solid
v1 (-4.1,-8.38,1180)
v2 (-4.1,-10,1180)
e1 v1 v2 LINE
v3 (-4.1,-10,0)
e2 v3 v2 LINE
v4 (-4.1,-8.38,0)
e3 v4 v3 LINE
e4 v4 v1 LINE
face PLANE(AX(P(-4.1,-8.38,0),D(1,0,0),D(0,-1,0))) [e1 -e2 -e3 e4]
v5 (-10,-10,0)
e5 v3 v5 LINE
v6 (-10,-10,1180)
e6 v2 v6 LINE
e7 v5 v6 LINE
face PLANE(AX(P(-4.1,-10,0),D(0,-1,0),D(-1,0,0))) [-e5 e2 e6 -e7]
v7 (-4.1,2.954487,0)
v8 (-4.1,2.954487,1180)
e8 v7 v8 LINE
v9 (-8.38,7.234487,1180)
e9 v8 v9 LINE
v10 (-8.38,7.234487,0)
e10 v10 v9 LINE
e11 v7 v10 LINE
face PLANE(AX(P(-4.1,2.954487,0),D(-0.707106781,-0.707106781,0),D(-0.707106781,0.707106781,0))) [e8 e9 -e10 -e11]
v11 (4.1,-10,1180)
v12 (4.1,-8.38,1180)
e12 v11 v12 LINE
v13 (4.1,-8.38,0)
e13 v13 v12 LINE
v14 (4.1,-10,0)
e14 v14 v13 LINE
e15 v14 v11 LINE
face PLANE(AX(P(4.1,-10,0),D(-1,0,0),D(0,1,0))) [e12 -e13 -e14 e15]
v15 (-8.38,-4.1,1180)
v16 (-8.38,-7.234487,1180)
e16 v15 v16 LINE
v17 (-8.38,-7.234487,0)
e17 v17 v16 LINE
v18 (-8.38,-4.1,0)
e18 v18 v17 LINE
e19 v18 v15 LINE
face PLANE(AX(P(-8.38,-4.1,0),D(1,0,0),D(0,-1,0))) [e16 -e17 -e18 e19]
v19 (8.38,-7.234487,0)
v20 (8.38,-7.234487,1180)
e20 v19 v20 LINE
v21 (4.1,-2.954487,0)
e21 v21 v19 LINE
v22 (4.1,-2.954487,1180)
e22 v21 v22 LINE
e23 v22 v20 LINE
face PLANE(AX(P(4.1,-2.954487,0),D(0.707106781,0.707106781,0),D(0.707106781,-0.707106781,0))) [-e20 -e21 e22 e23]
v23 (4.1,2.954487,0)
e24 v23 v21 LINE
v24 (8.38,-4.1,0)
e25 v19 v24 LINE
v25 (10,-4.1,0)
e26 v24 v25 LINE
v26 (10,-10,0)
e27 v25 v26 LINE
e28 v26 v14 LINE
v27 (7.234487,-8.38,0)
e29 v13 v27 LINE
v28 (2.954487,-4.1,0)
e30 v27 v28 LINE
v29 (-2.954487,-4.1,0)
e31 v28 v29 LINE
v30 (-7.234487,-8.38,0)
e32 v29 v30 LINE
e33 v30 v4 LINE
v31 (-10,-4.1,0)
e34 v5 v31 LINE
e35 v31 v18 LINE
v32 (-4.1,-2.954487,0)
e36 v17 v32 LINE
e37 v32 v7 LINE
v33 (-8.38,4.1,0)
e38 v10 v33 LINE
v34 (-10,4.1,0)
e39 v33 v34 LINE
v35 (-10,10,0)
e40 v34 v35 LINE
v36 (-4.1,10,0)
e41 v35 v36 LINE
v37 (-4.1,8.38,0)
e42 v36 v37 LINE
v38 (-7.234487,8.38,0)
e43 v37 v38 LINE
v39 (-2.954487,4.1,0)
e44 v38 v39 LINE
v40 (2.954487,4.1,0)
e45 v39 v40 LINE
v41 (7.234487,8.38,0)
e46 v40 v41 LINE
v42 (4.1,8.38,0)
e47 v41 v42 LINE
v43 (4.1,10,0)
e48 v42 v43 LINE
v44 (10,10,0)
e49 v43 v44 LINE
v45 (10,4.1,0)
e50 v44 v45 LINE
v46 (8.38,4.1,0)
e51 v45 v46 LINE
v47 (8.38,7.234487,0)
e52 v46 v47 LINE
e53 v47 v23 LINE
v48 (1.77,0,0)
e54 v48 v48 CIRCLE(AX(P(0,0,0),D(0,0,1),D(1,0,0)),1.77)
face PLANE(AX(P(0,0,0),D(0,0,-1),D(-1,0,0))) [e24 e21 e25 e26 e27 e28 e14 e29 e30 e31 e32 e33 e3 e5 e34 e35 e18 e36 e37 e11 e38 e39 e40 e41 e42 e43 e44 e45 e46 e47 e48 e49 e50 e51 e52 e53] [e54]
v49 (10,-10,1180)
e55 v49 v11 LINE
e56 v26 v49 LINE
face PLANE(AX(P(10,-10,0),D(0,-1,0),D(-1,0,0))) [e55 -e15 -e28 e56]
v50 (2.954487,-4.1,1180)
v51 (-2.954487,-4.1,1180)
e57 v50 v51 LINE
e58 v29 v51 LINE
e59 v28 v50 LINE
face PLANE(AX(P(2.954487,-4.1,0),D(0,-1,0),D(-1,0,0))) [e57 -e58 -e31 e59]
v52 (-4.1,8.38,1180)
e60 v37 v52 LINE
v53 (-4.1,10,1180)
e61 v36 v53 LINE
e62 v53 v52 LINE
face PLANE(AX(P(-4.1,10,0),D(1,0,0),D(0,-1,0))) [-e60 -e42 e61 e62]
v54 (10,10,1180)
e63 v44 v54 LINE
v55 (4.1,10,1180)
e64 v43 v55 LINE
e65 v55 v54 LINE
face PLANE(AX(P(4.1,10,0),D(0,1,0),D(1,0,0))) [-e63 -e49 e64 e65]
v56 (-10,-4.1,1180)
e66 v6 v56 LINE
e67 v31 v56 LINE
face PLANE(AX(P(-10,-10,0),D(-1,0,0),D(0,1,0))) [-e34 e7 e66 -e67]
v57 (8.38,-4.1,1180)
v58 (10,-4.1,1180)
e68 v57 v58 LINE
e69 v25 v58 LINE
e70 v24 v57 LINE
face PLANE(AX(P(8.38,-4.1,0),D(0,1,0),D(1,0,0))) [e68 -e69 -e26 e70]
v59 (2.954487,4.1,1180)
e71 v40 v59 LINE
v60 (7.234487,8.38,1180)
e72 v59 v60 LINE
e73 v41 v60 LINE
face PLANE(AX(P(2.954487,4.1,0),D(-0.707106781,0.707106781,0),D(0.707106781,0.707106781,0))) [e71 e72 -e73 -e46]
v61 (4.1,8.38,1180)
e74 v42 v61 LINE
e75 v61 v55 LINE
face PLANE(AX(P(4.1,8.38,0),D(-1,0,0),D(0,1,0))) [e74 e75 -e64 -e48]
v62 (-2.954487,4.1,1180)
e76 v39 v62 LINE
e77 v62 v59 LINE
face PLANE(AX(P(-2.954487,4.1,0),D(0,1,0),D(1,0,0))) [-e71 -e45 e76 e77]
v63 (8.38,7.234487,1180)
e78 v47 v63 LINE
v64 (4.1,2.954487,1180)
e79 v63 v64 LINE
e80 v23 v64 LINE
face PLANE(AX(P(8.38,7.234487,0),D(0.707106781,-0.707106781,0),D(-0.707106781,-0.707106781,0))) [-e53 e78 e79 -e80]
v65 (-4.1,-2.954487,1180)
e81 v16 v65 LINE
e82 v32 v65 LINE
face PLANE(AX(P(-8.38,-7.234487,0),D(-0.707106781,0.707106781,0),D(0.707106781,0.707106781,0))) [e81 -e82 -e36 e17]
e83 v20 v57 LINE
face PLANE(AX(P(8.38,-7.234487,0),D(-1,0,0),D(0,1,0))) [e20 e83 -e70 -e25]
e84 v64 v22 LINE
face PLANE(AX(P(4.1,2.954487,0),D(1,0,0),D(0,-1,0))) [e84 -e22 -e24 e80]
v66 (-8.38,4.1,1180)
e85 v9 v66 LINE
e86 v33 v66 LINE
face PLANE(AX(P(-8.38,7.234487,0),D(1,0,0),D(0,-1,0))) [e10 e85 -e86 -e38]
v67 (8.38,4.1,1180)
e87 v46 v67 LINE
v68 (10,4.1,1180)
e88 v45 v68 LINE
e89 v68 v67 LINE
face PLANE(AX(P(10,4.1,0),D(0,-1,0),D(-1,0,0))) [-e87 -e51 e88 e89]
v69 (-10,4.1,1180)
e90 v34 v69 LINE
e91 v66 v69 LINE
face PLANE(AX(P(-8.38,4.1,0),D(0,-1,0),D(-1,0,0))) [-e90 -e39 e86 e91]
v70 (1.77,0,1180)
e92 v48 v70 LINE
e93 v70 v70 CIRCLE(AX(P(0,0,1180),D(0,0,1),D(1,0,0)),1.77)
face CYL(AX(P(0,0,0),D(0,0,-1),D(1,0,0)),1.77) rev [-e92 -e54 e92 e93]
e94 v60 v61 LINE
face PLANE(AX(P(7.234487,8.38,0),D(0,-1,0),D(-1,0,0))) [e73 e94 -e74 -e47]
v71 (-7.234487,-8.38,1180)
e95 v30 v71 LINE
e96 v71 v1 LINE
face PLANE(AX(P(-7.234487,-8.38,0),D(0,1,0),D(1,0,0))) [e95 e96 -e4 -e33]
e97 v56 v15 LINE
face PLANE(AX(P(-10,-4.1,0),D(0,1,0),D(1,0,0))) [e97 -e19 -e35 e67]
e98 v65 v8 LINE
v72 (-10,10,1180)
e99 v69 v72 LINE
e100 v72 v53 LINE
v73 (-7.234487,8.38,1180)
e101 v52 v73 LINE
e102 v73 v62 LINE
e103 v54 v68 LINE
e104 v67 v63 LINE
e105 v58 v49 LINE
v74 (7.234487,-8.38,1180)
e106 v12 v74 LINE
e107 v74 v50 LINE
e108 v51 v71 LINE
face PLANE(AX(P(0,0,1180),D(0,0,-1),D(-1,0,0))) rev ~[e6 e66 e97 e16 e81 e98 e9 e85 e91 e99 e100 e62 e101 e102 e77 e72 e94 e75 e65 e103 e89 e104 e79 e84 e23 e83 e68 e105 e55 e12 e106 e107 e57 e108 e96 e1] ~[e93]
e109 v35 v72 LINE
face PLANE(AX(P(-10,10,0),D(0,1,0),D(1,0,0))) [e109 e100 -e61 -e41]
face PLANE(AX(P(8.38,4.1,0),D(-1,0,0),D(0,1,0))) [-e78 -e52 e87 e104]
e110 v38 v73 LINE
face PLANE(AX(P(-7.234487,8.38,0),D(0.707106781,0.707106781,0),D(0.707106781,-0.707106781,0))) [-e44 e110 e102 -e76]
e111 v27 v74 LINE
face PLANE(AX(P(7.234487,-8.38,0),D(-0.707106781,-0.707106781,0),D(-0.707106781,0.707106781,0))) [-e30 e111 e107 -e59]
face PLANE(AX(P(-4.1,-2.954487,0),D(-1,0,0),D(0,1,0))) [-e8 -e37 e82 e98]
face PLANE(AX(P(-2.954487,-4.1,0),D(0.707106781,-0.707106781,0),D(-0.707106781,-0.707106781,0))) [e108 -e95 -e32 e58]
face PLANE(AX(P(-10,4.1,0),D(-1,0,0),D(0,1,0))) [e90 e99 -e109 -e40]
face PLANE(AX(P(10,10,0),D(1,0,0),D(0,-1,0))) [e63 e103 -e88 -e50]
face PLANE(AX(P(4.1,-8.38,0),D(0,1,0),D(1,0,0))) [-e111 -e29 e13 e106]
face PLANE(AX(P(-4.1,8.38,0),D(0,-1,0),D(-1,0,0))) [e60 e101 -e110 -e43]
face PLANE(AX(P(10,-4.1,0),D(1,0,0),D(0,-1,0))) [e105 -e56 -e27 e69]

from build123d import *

# Parameters (mm, degrees)
SKETCH1_R           = 1.77
BOSS_EXTRUDE1_DEPTH = 1180


with BuildPart() as part:
    # Sketch1 → Boss-Extrude1 (new body)
    with BuildSketch(Plane.XY):
        Polygon((-8.38, 4.1), (-10, 4.1), (-10, 10), (-4.1, 10), (-4.1, 8.38), (-7.234487014, 8.38), (-2.954487014, 4.1), (2.954487014, 4.1), (7.234487014, 8.38), (4.1, 8.38), (4.1, 10), (10, 10), (10, 4.1), (8.38, 4.1), (8.38, 7.234487014), (4.1, 2.954487014), (4.1, -2.954487014), (8.38, -7.234487014), (8.38, -4.1), (10, -4.1), (10, -10), (4.1, -10), (4.1, -8.38), (7.234487014, -8.38), (2.954487014, -4.1), (-2.954487014, -4.1), (-7.234487014, -8.38), (-4.1, -8.38), (-4.1, -10), (-10, -10), (-10, -4.1), (-8.38, -4.1), (-8.38, -7.234487014), (-4.1, -2.954487014), (-4.1, 2.954487014), (-8.38, 7.234487014), align=None)
        Circle(SKETCH1_R, mode=Mode.SUBTRACT)
    extrude(amount=BOSS_EXTRUDE1_DEPTH)


solid = part.part
